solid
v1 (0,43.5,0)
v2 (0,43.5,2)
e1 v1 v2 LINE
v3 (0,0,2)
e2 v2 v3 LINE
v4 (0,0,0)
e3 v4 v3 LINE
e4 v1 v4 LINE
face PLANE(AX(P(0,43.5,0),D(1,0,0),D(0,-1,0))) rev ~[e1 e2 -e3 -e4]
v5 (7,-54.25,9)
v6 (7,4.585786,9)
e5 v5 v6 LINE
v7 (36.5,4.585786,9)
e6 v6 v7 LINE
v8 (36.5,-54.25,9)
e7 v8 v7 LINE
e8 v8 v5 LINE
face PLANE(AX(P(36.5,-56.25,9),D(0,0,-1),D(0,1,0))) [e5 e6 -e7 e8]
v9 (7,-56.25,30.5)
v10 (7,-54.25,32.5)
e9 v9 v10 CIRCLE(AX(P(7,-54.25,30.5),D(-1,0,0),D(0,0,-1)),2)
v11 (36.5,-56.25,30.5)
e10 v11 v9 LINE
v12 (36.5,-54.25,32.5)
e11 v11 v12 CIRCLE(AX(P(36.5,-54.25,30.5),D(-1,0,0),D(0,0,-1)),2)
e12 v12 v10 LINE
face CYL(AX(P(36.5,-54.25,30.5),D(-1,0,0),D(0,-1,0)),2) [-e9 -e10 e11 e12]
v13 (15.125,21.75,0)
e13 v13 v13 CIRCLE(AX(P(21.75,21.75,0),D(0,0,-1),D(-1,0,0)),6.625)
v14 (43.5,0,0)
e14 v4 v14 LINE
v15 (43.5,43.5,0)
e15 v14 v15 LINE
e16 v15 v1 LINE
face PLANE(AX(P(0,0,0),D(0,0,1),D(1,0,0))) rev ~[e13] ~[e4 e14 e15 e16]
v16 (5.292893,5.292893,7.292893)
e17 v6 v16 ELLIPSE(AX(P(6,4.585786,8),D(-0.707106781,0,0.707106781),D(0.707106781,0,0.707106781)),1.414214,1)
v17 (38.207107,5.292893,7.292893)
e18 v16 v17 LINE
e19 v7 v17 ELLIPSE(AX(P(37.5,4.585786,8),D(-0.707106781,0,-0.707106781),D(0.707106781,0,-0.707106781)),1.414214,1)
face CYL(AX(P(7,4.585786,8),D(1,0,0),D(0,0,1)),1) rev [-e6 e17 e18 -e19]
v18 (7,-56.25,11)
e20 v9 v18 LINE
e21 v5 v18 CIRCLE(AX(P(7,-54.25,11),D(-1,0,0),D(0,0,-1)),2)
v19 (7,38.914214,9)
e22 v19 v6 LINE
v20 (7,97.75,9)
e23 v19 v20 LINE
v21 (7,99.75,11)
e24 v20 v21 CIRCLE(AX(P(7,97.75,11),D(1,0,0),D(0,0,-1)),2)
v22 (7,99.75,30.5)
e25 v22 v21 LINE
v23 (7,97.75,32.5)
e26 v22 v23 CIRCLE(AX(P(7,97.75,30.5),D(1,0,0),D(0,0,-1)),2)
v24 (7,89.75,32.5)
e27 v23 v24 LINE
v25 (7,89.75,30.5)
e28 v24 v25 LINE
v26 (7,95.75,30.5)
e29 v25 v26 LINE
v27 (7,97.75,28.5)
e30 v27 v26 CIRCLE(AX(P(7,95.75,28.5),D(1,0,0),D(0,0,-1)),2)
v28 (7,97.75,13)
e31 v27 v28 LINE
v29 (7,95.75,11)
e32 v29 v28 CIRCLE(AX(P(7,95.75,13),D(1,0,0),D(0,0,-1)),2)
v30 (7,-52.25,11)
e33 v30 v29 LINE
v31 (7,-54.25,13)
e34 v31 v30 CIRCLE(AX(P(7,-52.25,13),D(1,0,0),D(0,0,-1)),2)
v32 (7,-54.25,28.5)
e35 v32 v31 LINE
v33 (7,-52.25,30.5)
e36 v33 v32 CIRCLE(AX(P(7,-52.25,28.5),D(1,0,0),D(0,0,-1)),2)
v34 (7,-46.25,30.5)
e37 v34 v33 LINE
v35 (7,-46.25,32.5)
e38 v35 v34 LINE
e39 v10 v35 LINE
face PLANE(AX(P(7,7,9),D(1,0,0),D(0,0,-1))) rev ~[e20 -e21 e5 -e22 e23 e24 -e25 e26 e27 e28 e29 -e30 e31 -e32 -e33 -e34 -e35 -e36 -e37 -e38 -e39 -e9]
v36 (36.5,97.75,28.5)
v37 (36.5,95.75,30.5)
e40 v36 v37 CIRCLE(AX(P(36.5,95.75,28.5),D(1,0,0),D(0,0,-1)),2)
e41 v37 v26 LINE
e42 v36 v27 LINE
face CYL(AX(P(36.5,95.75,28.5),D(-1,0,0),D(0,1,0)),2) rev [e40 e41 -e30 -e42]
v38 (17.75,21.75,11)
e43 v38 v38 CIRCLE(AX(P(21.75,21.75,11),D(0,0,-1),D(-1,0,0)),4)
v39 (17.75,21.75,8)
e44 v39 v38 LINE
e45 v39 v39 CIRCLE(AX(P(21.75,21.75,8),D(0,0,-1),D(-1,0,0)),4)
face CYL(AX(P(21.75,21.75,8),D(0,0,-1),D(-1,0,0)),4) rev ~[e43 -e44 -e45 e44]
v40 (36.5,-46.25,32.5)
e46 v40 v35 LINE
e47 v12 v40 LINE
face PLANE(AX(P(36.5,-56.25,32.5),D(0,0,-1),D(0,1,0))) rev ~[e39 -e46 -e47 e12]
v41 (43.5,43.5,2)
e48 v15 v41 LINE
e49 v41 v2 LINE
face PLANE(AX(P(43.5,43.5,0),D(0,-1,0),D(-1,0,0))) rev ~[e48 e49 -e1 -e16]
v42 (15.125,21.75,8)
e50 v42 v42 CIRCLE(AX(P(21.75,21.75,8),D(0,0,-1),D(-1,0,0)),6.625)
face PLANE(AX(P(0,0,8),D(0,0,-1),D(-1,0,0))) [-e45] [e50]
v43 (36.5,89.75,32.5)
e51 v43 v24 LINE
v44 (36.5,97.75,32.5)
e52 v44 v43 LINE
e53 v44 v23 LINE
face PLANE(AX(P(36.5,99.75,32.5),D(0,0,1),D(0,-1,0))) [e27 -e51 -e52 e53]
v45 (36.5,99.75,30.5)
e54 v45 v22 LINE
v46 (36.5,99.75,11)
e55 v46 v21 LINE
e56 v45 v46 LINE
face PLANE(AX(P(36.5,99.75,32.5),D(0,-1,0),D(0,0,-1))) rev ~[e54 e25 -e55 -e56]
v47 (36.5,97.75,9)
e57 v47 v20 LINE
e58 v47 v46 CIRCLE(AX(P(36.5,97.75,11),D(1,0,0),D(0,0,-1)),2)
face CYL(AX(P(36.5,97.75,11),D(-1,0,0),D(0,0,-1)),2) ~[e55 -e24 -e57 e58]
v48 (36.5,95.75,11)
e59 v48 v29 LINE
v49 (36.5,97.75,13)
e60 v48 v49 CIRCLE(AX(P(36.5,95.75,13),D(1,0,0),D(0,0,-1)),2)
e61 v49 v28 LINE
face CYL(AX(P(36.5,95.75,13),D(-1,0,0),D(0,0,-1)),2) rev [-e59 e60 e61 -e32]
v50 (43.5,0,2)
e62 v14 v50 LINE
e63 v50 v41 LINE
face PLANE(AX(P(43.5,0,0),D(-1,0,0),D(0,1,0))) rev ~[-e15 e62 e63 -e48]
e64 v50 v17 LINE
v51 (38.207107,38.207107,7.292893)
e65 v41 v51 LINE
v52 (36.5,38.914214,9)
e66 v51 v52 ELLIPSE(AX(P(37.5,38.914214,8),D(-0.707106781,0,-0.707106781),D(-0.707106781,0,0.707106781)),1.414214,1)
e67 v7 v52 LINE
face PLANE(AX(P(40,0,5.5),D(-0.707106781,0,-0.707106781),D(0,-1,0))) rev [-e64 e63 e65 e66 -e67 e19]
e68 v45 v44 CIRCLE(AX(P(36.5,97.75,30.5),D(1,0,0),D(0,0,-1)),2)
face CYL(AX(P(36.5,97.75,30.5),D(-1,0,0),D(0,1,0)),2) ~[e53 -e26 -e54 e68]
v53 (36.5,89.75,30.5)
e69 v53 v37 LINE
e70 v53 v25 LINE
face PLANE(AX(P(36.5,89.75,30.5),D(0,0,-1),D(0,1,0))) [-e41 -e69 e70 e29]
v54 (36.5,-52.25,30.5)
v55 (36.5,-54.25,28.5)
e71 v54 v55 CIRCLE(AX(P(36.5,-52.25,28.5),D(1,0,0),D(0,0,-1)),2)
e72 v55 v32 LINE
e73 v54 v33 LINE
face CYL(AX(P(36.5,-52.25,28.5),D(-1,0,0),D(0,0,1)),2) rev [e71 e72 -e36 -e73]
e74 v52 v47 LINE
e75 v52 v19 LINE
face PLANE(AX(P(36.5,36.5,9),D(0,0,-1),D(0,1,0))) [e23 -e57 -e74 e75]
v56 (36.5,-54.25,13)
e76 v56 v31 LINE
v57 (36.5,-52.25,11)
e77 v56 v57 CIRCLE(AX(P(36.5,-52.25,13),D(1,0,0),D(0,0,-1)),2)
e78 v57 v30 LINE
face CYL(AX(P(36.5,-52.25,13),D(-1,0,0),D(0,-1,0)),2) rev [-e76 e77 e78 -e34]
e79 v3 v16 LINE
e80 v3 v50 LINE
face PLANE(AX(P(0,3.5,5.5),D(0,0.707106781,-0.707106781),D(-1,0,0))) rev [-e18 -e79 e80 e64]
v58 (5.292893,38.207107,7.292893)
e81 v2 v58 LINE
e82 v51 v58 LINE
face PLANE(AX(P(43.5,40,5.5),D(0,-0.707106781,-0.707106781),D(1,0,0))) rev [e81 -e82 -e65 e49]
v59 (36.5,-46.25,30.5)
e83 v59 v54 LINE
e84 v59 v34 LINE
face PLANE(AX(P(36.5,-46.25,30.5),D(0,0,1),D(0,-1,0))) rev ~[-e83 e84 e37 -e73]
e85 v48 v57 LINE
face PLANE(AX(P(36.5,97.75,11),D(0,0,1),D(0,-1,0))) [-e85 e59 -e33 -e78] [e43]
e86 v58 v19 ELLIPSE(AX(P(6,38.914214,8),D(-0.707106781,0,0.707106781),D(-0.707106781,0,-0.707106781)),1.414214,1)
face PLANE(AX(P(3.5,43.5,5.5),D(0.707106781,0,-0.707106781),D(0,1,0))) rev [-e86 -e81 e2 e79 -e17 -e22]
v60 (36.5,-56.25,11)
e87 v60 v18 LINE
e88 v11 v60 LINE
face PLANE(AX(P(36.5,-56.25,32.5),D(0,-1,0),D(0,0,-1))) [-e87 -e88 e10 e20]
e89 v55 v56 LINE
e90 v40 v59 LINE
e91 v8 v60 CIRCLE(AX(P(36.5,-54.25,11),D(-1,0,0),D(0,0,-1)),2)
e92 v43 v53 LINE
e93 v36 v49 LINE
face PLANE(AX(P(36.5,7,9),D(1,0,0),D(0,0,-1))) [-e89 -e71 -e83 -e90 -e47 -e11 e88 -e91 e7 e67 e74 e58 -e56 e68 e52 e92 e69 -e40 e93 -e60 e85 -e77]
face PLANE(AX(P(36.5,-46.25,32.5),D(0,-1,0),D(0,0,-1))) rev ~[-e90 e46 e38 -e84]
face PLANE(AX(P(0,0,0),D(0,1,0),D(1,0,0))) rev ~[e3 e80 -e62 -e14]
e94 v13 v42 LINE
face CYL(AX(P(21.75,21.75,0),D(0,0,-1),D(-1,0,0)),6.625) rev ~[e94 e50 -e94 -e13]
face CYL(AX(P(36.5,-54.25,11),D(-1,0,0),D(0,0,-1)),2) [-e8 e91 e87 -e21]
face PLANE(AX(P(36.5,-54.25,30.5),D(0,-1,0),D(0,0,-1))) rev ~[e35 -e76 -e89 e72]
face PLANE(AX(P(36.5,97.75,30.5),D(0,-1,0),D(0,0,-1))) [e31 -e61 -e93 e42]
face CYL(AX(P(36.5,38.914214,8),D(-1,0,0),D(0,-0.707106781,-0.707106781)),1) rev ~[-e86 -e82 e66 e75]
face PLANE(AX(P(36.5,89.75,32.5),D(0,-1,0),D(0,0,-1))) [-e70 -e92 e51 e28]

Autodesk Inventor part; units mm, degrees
ref_plane "YZ Plane" through (0, 0, 0) normal (1, 0, 0) x (0, 1, 0)
ref_plane "XZ Plane" through (0, 0, 0) normal (0, 1, 0) x (-1, 0, 0)
ref_plane "XY Plane" through (0, 0, 0) normal (0, 0, 1) x (1, 0, 0)
sketch "Sketch1" plane through (0, 0, 0) normal (0, 0, 1) x (1, 0, 0)
  line L0 (0, 0) -> (43.5, 0)
  line L1 (43.5, 0) -> (43.5, 43.5)
  line L2 (43.5, 43.5) -> (0, 43.5)
  line L3 (0, 43.5) -> (0, 0)
  dimension "d0" = 43.5
  dimension "d1" = 43.5
extrude "Extrusion1" add sketch "Sketch1" along normal blind 9
chamfer "Chamfer1" distance 7 angle 45 4 edges at (21.75, 43.5, 9) (0, 21.75, 9) (21.75, 0, 9) (43.5, 21.75, 9)
sketch "Sketch2" plane through (0, 0, 9) normal (0, 0, 1) x (1, 0, 0)
  line L0 (7, 7) -> (36.5, 7)
  line L1 (36.5, 7) -> (36.5, 36.5)
  line L2 (36.5, 36.5) -> (7, 36.5)
  line L3 (7, 36.5) -> (7, 7)
  point P0 (0, 0)
extrude "Extrusion2" add sketch "Sketch2" along normal blind 2
sketch "Sketch3" plane through (36.5, 7, 9) normal (1, 0, 0) x (0, 0, -1)
  line L0 (0, 0) -> (0, 29.5) projected
  line L1 (-2, 90.75) -> (-2, -61.25)
  line L2 (-23.5, -63.25) -> (-23.5, -53.25)
  line L3 (-23.5, -53.25) -> (-21.5, -53.25)
  line L4 (-21.5, -53.25) -> (-21.5, -61.25)
  line L5 (-21.5, -61.25) -> (-2, -61.25)
  line L6 (-23.5, 92.75) -> (-23.5, 82.75)
  line L7 (-23.5, 82.75) -> (-21.5, 82.75)
  line L8 (-21.5, 82.75) -> (-21.5, 90.75)
  line L9 (-21.5, 90.75) -> (-2, 90.75)
  line L10 (-23.5, -63.25) -> (0, -63.25)
  line L11 (0, -63.25) -> (0, 92.75)
  line L12 (-23.5, 92.75) -> (0, 92.75)
  line L13 (9, -7) -> (9, 36.5) projected
  dimension "d15" = 10
  dimension "d16" = 2
  dimension "d17" = 8
  dimension "d21" = 156
  dimension "d22" = 23.5
  dimension "d23" = 19.5
  dimension "d24" = 2
  dimension "d27" = 9
  dimension "d28" = 63.25
extrude "Extrusion3" add sketch "Sketch3" against normal blind 29.5
fillet "Fillet1" radius 1 2 edges at (21.75, 36.5, 9) (21.75, 7, 9)
fillet "Fillet2" radius 2 8 edges at (21.75, -56.25, 9) (21.75, 99.75, 9) (21.75, 99.75, 32.5) (21.75, -56.25, 32.5) (21.75, -54.25, 30.5) (21.75, -54.25, 11) (21.75, 97.75, 11) (21.75, 97.75, 30.5)
sketch "Sketch4" plane through (0, 0, 0) normal (0, 0, -1) x (-1, 0, 0)
  line L0 (0, 0) -> (-43.5, 43.5) construction
  line L1 (-38.2071, 38.2071) -> (-43.5, 43.5) construction
  line L2 (-43.5, 43.5) -> (-43.5, 0) construction
  line L3 (-43.5, 0) -> (0, 43.5) construction
  circle A0 centre (-21.75, 21.75) radius 6.625
  dimension "d33" = 13.25
extrude "Extrusion4" cut sketch "Sketch4" against normal blind 8
sketch "Sketch5" plane through (21.75, 21.75, 8) normal (0, 0, -1) x (-1, 0, 0)
  circle A0 centre (0, 0) radius 4
  point P0 (21.75, -21.75)
  dimension "d36" = 8
extrude "Extrusion5" cut sketch "Sketch5" against normal blind 44.75
properties part number "Tripod"
